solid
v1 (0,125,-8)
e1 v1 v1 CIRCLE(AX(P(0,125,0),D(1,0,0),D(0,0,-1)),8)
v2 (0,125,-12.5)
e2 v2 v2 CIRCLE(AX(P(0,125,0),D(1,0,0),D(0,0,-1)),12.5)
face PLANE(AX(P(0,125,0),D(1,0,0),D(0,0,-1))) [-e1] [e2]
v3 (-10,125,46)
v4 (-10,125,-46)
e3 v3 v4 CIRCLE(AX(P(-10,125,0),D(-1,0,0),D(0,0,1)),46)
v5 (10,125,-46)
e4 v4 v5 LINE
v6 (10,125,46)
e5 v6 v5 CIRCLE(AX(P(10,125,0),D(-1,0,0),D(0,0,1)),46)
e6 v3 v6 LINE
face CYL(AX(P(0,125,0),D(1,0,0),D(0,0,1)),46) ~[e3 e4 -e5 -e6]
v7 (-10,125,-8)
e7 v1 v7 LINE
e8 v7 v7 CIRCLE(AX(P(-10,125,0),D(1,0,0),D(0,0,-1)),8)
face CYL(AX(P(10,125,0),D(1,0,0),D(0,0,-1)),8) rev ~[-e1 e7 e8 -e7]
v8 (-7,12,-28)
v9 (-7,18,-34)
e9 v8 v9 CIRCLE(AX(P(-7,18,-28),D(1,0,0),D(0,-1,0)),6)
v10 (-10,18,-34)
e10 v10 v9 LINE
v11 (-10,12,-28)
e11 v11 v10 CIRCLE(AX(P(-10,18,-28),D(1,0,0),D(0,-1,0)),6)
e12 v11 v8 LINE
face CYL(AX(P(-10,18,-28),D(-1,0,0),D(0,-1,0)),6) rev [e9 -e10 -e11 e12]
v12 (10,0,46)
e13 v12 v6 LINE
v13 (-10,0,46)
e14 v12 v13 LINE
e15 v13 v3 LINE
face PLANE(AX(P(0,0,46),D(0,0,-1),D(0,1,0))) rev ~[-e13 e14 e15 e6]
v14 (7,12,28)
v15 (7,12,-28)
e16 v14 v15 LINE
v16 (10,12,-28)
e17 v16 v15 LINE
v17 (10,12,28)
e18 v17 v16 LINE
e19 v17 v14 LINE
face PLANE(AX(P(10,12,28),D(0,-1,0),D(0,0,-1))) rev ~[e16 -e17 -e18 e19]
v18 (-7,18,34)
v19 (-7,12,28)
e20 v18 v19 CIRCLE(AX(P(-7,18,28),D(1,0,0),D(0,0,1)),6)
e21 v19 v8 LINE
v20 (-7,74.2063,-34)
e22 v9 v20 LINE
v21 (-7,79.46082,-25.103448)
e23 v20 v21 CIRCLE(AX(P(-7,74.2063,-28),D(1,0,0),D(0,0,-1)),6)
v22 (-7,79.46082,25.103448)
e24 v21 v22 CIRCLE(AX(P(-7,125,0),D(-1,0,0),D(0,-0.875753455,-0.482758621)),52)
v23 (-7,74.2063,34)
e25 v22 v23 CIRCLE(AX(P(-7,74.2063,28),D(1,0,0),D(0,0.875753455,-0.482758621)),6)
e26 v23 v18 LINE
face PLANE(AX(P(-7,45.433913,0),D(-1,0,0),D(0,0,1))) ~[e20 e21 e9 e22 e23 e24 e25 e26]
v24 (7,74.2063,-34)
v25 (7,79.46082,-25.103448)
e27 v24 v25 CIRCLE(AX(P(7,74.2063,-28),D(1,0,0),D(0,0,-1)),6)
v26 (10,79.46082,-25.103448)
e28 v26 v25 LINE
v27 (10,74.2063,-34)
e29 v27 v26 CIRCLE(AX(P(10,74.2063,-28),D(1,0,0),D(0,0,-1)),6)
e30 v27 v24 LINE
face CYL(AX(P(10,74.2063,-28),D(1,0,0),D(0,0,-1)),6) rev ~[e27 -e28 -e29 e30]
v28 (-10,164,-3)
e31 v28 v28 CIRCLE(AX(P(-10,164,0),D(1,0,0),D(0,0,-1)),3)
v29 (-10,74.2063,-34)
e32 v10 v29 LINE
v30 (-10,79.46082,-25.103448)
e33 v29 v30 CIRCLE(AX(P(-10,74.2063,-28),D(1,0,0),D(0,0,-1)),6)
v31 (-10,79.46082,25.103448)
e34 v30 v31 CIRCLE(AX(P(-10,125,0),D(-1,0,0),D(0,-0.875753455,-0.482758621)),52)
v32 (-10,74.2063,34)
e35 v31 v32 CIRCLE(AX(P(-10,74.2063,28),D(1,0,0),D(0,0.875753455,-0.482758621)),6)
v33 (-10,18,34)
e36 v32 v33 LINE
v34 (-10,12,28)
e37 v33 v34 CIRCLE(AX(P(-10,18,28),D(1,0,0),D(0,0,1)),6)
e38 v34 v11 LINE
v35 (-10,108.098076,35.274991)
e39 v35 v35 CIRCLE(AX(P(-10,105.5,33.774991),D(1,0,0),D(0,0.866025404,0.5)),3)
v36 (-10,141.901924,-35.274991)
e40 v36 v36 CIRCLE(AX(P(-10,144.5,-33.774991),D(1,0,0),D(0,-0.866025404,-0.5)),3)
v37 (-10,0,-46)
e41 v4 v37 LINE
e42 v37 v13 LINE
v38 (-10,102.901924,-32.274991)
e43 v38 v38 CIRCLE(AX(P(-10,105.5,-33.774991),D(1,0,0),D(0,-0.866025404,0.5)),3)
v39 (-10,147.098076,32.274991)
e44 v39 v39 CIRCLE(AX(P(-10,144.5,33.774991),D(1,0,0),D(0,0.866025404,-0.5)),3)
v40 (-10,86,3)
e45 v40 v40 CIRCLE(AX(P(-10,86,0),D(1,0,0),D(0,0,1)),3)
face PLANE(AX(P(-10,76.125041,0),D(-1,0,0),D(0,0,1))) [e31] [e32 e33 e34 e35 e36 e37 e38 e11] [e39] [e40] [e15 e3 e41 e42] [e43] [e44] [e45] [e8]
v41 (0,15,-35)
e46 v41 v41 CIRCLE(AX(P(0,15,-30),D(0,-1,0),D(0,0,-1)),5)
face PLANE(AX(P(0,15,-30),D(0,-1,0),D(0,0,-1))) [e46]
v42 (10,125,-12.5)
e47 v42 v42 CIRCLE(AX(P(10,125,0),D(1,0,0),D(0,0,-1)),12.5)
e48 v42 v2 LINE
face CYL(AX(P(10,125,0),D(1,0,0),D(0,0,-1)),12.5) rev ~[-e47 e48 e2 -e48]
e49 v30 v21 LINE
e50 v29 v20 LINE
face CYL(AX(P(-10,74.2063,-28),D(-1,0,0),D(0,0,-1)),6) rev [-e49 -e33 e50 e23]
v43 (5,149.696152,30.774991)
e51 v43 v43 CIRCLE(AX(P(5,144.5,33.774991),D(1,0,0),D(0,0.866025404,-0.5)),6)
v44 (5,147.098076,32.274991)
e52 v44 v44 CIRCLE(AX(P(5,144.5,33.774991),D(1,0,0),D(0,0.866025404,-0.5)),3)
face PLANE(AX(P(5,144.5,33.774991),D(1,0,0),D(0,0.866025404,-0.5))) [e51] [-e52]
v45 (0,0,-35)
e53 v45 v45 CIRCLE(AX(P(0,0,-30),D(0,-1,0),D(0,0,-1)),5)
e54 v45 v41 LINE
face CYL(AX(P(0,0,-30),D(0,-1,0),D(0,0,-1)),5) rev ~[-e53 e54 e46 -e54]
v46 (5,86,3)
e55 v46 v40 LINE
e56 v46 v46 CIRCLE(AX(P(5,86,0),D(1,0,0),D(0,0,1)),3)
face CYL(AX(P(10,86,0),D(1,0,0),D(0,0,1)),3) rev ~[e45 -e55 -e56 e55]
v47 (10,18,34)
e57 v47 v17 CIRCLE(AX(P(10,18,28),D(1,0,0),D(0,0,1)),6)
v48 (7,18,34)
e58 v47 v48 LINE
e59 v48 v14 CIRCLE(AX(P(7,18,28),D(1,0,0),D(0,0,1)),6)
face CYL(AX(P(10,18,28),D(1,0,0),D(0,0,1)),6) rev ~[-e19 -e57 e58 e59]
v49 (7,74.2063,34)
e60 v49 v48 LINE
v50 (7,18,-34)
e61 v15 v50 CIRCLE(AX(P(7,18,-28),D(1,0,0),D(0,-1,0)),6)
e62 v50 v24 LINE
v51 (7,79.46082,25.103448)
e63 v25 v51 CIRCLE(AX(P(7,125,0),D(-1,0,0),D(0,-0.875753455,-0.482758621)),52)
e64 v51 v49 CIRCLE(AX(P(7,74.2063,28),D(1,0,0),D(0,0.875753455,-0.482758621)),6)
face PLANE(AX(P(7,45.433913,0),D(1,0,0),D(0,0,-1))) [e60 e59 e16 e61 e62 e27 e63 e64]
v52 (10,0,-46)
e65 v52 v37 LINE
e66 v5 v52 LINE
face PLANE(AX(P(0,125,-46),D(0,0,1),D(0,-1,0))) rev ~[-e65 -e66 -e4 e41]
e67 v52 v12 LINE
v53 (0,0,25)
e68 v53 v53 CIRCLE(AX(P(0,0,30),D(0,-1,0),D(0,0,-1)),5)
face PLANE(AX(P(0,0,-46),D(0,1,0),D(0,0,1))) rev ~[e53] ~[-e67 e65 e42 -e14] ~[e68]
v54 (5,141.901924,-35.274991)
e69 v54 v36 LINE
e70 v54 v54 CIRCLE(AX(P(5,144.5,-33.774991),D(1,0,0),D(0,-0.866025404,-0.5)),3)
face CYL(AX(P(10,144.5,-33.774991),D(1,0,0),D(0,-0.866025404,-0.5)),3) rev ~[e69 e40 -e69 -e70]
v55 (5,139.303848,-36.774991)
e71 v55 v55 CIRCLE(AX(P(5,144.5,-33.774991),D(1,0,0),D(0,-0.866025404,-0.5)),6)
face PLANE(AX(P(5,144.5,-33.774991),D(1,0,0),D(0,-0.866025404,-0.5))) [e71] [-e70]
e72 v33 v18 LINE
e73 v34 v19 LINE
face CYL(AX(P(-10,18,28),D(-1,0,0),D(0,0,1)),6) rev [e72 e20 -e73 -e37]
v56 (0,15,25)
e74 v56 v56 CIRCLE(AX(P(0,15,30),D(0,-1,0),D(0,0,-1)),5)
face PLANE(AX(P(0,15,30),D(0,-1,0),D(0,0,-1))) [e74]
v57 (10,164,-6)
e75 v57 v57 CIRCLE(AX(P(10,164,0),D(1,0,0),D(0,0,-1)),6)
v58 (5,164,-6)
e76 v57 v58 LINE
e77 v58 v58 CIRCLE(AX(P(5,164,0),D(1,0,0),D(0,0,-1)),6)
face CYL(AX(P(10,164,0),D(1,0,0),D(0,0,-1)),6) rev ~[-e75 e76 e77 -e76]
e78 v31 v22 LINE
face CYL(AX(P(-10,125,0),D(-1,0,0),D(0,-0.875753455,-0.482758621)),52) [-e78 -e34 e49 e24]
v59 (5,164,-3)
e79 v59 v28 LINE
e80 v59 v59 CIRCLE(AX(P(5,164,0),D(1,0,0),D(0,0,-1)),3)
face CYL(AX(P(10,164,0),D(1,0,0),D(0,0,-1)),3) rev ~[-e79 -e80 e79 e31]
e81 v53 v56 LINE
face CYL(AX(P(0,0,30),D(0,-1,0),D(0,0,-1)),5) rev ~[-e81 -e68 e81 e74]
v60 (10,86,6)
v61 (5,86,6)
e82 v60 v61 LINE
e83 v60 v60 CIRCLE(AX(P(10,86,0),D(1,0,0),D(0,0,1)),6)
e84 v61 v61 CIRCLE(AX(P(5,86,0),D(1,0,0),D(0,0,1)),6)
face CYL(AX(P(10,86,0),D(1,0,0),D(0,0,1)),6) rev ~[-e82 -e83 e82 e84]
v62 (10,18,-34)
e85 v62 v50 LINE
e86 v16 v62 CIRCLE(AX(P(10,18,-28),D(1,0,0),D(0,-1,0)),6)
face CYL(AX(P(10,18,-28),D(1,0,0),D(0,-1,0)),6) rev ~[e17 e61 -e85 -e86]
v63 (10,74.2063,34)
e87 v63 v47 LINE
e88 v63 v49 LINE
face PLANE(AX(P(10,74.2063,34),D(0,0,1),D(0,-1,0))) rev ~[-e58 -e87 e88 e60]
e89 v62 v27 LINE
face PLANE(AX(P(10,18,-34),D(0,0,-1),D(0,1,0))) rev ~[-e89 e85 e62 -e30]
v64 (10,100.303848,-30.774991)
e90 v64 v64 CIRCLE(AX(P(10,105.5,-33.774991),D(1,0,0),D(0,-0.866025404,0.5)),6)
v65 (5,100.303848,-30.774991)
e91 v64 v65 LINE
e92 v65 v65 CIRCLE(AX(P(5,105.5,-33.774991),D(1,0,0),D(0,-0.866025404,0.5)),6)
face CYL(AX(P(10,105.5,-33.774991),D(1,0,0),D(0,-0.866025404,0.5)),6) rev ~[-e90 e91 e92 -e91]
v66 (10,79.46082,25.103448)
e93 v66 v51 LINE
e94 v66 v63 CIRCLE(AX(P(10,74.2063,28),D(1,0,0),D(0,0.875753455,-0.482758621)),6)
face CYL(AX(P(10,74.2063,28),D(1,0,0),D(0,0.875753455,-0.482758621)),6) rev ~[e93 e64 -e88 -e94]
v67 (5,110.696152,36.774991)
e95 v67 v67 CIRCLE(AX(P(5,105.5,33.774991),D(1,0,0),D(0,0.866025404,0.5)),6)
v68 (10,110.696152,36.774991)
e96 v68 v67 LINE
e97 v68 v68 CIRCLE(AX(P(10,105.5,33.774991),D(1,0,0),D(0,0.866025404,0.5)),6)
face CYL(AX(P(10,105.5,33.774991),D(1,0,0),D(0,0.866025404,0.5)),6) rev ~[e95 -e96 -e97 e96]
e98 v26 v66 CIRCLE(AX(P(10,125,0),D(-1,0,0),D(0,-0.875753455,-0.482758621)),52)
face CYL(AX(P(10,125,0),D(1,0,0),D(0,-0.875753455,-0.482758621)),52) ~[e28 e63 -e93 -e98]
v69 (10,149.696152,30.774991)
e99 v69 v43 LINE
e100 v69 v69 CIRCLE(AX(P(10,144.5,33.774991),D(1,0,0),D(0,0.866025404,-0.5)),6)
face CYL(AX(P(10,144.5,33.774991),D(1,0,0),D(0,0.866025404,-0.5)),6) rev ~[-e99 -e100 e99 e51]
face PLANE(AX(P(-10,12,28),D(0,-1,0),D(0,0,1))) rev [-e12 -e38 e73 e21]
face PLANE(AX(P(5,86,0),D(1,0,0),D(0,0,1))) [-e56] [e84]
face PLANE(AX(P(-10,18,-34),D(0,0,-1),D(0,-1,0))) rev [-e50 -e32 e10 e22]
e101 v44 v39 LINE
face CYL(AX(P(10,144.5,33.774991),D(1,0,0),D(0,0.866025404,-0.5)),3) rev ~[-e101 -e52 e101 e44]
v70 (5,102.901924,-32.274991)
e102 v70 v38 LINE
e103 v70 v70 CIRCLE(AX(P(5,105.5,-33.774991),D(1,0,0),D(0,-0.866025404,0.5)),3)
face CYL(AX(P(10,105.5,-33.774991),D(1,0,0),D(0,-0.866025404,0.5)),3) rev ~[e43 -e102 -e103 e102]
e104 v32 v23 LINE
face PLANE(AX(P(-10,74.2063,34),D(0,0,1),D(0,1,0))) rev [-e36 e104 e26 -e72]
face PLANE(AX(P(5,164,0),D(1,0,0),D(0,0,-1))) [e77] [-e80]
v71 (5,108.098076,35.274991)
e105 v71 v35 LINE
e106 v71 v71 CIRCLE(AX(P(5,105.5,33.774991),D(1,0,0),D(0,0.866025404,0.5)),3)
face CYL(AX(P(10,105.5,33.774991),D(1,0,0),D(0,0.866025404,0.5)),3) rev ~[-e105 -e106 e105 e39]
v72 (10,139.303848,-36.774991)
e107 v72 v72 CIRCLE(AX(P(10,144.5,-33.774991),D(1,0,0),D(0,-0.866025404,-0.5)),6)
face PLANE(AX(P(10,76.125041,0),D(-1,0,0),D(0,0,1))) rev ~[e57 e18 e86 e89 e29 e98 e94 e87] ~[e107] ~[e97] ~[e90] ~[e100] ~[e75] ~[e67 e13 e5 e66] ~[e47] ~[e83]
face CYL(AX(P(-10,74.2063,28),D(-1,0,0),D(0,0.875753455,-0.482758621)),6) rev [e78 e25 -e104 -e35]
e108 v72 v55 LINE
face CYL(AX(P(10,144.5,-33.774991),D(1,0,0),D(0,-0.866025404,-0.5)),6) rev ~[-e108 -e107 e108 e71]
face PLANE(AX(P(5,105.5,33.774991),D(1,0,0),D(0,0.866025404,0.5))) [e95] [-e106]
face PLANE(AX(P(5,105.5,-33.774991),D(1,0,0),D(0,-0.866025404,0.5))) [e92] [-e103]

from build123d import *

# Parameters (mm, degrees)
BOSS_EXTRUDE1_DEPTH = 10
CUT_EXTRUDE1_DEPTH  = 3
SKETCH3_R           = 6
CUT_EXTRUDE2_DEPTH  = 5
SKETCH3_3_R         = 3
CUT_EXTRUDE3_DEPTH  = 179.204938203
CIRPATTERN1_COUNT   = 6
SKETCH4_R           = 12.5
CUT_EXTRUDE4_DEPTH  = 10
SKETCH4_3_R         = 8
CUT_EXTRUDE5_DEPTH  = 179.204938203
SKETCH5_R           = 5
CUT_EXTRUDE6_DEPTH  = 15


with BuildPart() as part:
    # Sketch1 → Boss-Extrude1 (new, symmetric)
    with BuildSketch(Plane(origin=(0, 0, 0), x_dir=(0, 0, -1), z_dir=(1, 0, 0))):
        with BuildLine():
            Line((46, 125), (46, 0))
            Line((46, 0), (-46, 0))
            Line((-46, 0), (-46, 125))
            ThreePointArc((-46, 125), (0, 171), (46, 125))
        make_face()
    extrude(amount=BOSS_EXTRUDE1_DEPTH, both=True)

    # Sketch2 → Cut-Extrude1 (cut)
    with BuildSketch(Plane(origin=(10, 0, 0), x_dir=(0, 0, -1), z_dir=(1, 0, 0))):
        with BuildLine():
            Line((-34, 74.206299603), (-34, 18))
            ThreePointArc((-34, 18), (-32.242640687, 13.757359313), (-28, 12))
            Line((-28, 12), (28, 12))
            ThreePointArc((28, 12), (32.242640687, 13.757359313), (34, 18))
            Line((34, 18), (34, 74.206299603))
            ThreePointArc((34, 74.206299603), (31.051285766, 79.372502771), (25.103448276, 79.460820334))
            ThreePointArc((25.103448276, 79.460820334), (0, 73), (-25.103448276, 79.460820334))
            ThreePointArc((-25.103448276, 79.460820334), (-31.051285766, 79.372502771), (-34, 74.206299603))
        make_face()
    cut_extrude1 = extrude(amount=-CUT_EXTRUDE1_DEPTH, mode=Mode.SUBTRACT)

    # Mirror1: Cut-Extrude1 across plane
    add(cut_extrude1.mirror(Plane(origin=(0, 0, 0), x_dir=(0, 0, 1), z_dir=(1, 0, 0))), mode=Mode.SUBTRACT)

    # Sketch3 → Cut-Extrude2 (cut)
    with BuildSketch(Plane(origin=(10, 0, 0), x_dir=(0, 0, -1), z_dir=(1, 0, 0))):
        with Locations((0, 164)):
            Circle(SKETCH3_R)
    cut_extrude2 = extrude(amount=-CUT_EXTRUDE2_DEPTH, mode=Mode.SUBTRACT)

    # Sketch3<3> → Cut-Extrude3 (cut, through all)
    with BuildSketch(Plane(origin=(10, 0, 0), x_dir=(0, 0, -1), z_dir=(1, 0, 0))):
        with Locations((0, 164)):
            Circle(SKETCH3_3_R)
    cut_extrude3 = extrude(amount=-CUT_EXTRUDE3_DEPTH, mode=Mode.SUBTRACT)

    # CirPattern1: Cut-Extrude2, Cut-Extrude3 ×6 about axis
    cirpattern1_axis = Axis((10, 125, 0), (1, 0, 0))
    add([cut_extrude2.rotate(cirpattern1_axis, i * 360 / CIRPATTERN1_COUNT) for i in range(1, CIRPATTERN1_COUNT)], mode=Mode.SUBTRACT)
    add([cut_extrude3.rotate(cirpattern1_axis, i * 360 / CIRPATTERN1_COUNT) for i in range(1, CIRPATTERN1_COUNT)], mode=Mode.SUBTRACT)

    # Sketch4 → Cut-Extrude4 (cut)
    with BuildSketch(Plane(origin=(10, 0, 0), x_dir=(0, 0, -1), z_dir=(1, 0, 0))):
        with Locations((0, 125)):
            Circle(SKETCH4_R)
    extrude(amount=-CUT_EXTRUDE4_DEPTH, mode=Mode.SUBTRACT)

    # Sketch4<3> → Cut-Extrude5 (cut, through all)
    with BuildSketch(Plane(origin=(10, 0, 0), x_dir=(0, 0, -1), z_dir=(1, 0, 0))):
        with Locations((0, 125)):
            Circle(SKETCH4_3_R)
    extrude(amount=-CUT_EXTRUDE5_DEPTH, mode=Mode.SUBTRACT)

    # Sketch5 → Cut-Extrude6 (cut)
    with BuildSketch(Plane.XZ):
        with Locations((0, 30)):
            Circle(SKETCH5_R)
        with Locations((0, -30)):
            Circle(SKETCH5_R)
    extrude(amount=-CUT_EXTRUDE6_DEPTH, mode=Mode.SUBTRACT)


solid = part.part
